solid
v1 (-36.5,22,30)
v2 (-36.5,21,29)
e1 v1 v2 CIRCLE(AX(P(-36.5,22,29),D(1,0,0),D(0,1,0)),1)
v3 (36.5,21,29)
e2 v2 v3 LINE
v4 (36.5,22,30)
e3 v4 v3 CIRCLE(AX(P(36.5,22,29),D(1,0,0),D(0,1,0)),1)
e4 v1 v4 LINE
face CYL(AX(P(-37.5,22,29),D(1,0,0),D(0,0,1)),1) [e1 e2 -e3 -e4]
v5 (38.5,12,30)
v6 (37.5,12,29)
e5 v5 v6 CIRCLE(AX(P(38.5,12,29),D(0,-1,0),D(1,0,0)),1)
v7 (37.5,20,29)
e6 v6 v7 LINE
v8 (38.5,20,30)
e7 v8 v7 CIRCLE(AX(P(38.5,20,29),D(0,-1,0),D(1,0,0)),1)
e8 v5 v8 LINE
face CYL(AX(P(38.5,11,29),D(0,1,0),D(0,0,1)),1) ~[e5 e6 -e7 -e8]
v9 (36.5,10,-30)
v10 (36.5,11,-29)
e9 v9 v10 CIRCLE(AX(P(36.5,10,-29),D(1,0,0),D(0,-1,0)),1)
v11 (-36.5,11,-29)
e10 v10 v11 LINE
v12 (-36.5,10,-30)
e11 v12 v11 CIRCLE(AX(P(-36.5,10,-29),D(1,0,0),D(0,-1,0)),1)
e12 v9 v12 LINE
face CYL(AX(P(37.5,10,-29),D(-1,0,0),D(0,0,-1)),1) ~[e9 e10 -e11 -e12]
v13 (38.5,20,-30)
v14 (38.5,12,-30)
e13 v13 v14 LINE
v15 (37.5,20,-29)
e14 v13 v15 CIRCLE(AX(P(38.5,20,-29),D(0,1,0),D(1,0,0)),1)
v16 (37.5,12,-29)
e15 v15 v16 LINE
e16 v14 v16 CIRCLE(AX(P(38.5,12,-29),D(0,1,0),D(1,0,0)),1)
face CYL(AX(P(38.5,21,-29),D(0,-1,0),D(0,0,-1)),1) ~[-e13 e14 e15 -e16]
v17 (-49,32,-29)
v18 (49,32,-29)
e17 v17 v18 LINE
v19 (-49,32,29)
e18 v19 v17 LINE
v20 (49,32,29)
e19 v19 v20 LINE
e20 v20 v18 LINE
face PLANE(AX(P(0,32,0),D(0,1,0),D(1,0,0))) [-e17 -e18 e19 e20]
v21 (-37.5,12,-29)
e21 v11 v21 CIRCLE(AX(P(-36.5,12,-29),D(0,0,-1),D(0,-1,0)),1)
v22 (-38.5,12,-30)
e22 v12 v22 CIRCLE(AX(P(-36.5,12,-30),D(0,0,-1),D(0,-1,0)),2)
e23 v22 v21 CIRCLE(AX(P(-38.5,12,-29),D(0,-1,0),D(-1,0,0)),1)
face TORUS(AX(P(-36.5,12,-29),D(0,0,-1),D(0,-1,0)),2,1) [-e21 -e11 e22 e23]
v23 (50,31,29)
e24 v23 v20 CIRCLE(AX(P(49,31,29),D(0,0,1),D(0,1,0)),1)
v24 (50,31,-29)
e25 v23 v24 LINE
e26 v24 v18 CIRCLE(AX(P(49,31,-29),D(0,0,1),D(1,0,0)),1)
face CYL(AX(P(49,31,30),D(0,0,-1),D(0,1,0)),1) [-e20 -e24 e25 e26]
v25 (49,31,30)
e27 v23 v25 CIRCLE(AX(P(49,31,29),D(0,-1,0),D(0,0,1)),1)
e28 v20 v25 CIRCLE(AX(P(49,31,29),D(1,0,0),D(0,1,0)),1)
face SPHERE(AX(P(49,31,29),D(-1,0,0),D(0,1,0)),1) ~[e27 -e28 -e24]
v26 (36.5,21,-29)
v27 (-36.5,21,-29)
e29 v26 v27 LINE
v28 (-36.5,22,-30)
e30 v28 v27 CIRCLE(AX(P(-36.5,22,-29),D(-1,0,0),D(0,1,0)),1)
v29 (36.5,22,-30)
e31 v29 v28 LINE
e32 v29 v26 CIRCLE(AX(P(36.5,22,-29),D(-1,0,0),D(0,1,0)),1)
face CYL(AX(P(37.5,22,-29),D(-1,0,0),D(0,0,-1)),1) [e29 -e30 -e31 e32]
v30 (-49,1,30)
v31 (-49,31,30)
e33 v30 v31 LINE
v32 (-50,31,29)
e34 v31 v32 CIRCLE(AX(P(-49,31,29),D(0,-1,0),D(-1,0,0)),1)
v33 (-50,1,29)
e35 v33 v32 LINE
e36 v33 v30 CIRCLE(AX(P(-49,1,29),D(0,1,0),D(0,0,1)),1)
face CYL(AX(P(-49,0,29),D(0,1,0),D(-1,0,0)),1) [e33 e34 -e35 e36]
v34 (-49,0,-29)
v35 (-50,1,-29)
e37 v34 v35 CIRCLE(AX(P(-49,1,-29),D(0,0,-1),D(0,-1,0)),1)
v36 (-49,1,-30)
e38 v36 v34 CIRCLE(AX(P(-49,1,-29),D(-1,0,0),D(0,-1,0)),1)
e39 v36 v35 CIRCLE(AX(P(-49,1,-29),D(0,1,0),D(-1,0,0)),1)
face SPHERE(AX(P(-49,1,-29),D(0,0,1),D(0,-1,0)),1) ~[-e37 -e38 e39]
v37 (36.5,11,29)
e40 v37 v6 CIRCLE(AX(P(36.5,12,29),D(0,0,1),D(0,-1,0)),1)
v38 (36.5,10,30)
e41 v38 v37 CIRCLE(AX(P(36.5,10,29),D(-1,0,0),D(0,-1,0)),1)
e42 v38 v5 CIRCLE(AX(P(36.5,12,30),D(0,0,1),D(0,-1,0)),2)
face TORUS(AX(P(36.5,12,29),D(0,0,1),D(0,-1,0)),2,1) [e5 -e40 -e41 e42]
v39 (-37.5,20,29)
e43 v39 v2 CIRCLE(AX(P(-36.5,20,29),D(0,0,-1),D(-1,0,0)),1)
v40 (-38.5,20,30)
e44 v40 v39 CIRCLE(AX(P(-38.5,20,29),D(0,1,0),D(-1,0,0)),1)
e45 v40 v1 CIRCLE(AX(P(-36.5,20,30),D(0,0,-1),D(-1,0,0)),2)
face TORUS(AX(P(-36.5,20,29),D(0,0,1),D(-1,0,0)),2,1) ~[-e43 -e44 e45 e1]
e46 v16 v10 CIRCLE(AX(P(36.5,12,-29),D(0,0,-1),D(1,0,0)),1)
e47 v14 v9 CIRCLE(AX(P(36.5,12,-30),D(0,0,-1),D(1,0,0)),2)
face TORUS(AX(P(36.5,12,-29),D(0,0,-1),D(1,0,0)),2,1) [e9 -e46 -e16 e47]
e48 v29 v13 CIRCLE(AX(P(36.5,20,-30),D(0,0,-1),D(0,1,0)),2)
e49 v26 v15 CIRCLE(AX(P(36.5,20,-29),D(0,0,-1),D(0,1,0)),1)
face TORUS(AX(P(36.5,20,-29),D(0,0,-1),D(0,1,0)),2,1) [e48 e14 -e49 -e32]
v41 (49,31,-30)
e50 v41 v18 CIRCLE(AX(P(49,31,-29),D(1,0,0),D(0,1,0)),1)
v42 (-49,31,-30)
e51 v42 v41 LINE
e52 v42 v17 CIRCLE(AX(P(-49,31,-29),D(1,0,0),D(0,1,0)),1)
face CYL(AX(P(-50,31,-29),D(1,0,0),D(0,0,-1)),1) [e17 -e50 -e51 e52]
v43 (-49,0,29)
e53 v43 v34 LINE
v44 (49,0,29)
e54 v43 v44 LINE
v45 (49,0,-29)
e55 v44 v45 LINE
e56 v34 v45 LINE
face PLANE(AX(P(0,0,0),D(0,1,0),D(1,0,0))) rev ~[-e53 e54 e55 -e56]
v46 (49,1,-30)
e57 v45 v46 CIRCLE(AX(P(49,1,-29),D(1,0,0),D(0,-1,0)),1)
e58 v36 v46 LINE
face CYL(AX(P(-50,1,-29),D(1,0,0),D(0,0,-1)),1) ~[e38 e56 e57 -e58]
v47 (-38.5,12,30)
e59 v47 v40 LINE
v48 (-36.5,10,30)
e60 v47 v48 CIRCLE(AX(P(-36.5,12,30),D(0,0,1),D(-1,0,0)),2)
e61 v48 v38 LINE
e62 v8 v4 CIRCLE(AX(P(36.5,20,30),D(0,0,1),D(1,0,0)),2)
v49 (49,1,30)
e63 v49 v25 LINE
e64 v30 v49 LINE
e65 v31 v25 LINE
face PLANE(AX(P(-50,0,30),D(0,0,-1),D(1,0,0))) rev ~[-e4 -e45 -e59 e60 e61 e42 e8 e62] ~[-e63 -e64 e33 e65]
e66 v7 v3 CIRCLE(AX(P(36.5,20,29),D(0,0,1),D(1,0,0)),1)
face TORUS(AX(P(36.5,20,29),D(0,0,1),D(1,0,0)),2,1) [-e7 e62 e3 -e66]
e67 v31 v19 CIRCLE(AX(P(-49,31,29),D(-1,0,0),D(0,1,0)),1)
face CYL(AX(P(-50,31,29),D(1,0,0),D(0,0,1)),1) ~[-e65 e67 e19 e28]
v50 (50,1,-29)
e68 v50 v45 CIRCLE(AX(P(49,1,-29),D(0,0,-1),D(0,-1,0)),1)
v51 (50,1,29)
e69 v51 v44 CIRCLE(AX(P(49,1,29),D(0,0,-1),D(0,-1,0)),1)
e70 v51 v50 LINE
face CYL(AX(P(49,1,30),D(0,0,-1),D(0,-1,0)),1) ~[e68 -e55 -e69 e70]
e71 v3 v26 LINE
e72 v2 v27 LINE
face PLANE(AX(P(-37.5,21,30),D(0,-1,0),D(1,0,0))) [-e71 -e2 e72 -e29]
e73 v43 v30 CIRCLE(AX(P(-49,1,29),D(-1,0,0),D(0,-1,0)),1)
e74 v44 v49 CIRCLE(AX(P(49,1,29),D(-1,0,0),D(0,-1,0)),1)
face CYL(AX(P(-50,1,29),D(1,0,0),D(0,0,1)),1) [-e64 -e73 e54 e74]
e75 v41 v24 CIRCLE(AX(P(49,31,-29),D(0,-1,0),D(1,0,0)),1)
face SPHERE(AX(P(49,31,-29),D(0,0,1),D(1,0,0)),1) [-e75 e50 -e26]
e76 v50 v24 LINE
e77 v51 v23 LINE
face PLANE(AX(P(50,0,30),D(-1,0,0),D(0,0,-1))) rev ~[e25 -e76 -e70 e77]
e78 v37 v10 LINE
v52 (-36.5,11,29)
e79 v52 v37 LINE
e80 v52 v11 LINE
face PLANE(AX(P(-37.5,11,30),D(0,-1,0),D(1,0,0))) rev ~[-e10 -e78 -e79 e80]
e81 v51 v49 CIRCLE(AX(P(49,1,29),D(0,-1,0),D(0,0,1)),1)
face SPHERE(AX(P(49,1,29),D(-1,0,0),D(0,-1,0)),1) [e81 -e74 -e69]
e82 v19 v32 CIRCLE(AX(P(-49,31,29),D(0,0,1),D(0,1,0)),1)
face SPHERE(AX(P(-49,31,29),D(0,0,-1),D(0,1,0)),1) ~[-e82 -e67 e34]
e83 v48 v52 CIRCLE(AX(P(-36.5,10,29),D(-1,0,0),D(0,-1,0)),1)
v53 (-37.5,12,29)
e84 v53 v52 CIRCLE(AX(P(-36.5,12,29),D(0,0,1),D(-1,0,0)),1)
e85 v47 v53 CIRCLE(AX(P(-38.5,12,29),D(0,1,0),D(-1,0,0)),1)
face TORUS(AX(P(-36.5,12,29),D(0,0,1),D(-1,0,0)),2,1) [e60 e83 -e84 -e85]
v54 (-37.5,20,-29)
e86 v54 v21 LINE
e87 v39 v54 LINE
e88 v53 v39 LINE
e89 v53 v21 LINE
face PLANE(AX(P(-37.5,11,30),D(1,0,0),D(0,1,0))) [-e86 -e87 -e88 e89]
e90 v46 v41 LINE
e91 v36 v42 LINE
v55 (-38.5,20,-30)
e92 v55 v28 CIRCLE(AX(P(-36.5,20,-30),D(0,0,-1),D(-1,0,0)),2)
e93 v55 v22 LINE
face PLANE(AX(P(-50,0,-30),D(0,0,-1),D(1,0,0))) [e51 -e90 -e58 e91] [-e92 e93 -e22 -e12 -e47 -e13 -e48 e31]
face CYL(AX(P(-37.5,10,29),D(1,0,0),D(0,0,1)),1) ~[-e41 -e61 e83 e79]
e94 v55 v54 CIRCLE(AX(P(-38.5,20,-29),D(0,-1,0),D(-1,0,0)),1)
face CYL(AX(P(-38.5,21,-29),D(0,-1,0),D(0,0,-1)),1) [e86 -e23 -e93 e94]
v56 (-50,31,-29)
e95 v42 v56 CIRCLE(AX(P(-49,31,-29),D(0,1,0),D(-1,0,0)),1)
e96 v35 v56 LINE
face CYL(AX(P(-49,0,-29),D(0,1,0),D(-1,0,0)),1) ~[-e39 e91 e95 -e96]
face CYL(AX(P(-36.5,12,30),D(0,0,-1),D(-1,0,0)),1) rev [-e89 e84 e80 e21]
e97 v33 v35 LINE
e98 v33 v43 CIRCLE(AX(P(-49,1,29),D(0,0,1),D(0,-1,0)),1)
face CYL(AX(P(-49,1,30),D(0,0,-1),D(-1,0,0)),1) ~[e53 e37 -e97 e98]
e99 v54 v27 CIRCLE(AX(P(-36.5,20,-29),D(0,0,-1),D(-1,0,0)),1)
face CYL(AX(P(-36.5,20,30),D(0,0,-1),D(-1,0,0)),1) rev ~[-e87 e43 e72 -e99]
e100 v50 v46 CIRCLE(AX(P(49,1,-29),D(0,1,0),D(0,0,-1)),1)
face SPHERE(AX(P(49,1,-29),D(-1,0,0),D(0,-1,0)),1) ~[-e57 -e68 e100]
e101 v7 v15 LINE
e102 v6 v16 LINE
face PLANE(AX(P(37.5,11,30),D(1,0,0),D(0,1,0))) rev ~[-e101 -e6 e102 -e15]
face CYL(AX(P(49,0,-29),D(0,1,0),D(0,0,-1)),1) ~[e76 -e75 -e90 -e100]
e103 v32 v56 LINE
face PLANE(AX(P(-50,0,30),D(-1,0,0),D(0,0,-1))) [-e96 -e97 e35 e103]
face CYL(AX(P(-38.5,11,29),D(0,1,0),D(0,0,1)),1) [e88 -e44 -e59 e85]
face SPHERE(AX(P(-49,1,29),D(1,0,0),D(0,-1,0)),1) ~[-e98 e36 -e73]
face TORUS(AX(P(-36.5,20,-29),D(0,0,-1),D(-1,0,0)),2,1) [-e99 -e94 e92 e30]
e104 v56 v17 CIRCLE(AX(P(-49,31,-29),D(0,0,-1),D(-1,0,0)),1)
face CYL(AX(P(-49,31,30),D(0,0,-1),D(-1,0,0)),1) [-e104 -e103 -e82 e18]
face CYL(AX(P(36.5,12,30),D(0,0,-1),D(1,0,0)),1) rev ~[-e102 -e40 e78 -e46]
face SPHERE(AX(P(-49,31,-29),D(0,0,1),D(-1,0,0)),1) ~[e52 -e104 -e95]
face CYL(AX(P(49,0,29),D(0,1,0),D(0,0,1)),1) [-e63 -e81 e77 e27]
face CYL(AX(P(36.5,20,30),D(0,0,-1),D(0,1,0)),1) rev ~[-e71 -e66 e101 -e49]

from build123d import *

# Parameters (mm, degrees)
SKETCH1_W           = 100
SKETCH1_H           = 60
BOSS_EXTRUDE1_DEPTH = 32
SKETCH2_W           = 75
SKETCH2_H           = 10
CUT_EXTRUDE1_DEPTH  = 85.403791384
FILLET2_R           = 1


with BuildPart() as part:
    # Sketch1 → Boss-Extrude1 (new body)
    with BuildSketch(Plane(origin=(0, 0, 0), x_dir=(1, 0, 0), z_dir=(0, 1, 0))):
        Rectangle(SKETCH1_W, SKETCH1_H)
    extrude(amount=BOSS_EXTRUDE1_DEPTH)

    # Sketch2 → Cut-Extrude1 (cut, through all)
    with BuildSketch(Plane.XY.offset(30)):
        with Locations((0, 16)):
            Rectangle(SKETCH2_W, SKETCH2_H)
    extrude(amount=-CUT_EXTRUDE1_DEPTH, mode=Mode.SUBTRACT)

    # Fillet2
    fillet2_edges = [part.edges().sort_by_distance(p)[0] for p in [
        (-50, 32, 0),
        (0, 32, 30),
        (-37.5, 16, -30),
        (-37.5, 11, 0),
        (0, 21, -30),
        (-37.5, 21, 0),
        (37.5, 16, -30),
        (37.5, 21, 0),
        (0, 11, -30),
        (37.5, 11, 0),
        (-37.5, 16, 30),
        (0, 11, 30),
        (37.5, 16, 30),
        (0, 21, 30),
        (50, 32, 0),
        (0, 0, 30),
        (-50, 0, 0),
        (0, 0, -30),
        (50, 0, 0),
        (50, 16, 30),
        (-50, 16, 30),
        (-50, 16, -30),
        (50, 16, -30),
        (0, 32, -30),
    ]]
    fillet(fillet2_edges, radius=FILLET2_R)


solid = part.part
